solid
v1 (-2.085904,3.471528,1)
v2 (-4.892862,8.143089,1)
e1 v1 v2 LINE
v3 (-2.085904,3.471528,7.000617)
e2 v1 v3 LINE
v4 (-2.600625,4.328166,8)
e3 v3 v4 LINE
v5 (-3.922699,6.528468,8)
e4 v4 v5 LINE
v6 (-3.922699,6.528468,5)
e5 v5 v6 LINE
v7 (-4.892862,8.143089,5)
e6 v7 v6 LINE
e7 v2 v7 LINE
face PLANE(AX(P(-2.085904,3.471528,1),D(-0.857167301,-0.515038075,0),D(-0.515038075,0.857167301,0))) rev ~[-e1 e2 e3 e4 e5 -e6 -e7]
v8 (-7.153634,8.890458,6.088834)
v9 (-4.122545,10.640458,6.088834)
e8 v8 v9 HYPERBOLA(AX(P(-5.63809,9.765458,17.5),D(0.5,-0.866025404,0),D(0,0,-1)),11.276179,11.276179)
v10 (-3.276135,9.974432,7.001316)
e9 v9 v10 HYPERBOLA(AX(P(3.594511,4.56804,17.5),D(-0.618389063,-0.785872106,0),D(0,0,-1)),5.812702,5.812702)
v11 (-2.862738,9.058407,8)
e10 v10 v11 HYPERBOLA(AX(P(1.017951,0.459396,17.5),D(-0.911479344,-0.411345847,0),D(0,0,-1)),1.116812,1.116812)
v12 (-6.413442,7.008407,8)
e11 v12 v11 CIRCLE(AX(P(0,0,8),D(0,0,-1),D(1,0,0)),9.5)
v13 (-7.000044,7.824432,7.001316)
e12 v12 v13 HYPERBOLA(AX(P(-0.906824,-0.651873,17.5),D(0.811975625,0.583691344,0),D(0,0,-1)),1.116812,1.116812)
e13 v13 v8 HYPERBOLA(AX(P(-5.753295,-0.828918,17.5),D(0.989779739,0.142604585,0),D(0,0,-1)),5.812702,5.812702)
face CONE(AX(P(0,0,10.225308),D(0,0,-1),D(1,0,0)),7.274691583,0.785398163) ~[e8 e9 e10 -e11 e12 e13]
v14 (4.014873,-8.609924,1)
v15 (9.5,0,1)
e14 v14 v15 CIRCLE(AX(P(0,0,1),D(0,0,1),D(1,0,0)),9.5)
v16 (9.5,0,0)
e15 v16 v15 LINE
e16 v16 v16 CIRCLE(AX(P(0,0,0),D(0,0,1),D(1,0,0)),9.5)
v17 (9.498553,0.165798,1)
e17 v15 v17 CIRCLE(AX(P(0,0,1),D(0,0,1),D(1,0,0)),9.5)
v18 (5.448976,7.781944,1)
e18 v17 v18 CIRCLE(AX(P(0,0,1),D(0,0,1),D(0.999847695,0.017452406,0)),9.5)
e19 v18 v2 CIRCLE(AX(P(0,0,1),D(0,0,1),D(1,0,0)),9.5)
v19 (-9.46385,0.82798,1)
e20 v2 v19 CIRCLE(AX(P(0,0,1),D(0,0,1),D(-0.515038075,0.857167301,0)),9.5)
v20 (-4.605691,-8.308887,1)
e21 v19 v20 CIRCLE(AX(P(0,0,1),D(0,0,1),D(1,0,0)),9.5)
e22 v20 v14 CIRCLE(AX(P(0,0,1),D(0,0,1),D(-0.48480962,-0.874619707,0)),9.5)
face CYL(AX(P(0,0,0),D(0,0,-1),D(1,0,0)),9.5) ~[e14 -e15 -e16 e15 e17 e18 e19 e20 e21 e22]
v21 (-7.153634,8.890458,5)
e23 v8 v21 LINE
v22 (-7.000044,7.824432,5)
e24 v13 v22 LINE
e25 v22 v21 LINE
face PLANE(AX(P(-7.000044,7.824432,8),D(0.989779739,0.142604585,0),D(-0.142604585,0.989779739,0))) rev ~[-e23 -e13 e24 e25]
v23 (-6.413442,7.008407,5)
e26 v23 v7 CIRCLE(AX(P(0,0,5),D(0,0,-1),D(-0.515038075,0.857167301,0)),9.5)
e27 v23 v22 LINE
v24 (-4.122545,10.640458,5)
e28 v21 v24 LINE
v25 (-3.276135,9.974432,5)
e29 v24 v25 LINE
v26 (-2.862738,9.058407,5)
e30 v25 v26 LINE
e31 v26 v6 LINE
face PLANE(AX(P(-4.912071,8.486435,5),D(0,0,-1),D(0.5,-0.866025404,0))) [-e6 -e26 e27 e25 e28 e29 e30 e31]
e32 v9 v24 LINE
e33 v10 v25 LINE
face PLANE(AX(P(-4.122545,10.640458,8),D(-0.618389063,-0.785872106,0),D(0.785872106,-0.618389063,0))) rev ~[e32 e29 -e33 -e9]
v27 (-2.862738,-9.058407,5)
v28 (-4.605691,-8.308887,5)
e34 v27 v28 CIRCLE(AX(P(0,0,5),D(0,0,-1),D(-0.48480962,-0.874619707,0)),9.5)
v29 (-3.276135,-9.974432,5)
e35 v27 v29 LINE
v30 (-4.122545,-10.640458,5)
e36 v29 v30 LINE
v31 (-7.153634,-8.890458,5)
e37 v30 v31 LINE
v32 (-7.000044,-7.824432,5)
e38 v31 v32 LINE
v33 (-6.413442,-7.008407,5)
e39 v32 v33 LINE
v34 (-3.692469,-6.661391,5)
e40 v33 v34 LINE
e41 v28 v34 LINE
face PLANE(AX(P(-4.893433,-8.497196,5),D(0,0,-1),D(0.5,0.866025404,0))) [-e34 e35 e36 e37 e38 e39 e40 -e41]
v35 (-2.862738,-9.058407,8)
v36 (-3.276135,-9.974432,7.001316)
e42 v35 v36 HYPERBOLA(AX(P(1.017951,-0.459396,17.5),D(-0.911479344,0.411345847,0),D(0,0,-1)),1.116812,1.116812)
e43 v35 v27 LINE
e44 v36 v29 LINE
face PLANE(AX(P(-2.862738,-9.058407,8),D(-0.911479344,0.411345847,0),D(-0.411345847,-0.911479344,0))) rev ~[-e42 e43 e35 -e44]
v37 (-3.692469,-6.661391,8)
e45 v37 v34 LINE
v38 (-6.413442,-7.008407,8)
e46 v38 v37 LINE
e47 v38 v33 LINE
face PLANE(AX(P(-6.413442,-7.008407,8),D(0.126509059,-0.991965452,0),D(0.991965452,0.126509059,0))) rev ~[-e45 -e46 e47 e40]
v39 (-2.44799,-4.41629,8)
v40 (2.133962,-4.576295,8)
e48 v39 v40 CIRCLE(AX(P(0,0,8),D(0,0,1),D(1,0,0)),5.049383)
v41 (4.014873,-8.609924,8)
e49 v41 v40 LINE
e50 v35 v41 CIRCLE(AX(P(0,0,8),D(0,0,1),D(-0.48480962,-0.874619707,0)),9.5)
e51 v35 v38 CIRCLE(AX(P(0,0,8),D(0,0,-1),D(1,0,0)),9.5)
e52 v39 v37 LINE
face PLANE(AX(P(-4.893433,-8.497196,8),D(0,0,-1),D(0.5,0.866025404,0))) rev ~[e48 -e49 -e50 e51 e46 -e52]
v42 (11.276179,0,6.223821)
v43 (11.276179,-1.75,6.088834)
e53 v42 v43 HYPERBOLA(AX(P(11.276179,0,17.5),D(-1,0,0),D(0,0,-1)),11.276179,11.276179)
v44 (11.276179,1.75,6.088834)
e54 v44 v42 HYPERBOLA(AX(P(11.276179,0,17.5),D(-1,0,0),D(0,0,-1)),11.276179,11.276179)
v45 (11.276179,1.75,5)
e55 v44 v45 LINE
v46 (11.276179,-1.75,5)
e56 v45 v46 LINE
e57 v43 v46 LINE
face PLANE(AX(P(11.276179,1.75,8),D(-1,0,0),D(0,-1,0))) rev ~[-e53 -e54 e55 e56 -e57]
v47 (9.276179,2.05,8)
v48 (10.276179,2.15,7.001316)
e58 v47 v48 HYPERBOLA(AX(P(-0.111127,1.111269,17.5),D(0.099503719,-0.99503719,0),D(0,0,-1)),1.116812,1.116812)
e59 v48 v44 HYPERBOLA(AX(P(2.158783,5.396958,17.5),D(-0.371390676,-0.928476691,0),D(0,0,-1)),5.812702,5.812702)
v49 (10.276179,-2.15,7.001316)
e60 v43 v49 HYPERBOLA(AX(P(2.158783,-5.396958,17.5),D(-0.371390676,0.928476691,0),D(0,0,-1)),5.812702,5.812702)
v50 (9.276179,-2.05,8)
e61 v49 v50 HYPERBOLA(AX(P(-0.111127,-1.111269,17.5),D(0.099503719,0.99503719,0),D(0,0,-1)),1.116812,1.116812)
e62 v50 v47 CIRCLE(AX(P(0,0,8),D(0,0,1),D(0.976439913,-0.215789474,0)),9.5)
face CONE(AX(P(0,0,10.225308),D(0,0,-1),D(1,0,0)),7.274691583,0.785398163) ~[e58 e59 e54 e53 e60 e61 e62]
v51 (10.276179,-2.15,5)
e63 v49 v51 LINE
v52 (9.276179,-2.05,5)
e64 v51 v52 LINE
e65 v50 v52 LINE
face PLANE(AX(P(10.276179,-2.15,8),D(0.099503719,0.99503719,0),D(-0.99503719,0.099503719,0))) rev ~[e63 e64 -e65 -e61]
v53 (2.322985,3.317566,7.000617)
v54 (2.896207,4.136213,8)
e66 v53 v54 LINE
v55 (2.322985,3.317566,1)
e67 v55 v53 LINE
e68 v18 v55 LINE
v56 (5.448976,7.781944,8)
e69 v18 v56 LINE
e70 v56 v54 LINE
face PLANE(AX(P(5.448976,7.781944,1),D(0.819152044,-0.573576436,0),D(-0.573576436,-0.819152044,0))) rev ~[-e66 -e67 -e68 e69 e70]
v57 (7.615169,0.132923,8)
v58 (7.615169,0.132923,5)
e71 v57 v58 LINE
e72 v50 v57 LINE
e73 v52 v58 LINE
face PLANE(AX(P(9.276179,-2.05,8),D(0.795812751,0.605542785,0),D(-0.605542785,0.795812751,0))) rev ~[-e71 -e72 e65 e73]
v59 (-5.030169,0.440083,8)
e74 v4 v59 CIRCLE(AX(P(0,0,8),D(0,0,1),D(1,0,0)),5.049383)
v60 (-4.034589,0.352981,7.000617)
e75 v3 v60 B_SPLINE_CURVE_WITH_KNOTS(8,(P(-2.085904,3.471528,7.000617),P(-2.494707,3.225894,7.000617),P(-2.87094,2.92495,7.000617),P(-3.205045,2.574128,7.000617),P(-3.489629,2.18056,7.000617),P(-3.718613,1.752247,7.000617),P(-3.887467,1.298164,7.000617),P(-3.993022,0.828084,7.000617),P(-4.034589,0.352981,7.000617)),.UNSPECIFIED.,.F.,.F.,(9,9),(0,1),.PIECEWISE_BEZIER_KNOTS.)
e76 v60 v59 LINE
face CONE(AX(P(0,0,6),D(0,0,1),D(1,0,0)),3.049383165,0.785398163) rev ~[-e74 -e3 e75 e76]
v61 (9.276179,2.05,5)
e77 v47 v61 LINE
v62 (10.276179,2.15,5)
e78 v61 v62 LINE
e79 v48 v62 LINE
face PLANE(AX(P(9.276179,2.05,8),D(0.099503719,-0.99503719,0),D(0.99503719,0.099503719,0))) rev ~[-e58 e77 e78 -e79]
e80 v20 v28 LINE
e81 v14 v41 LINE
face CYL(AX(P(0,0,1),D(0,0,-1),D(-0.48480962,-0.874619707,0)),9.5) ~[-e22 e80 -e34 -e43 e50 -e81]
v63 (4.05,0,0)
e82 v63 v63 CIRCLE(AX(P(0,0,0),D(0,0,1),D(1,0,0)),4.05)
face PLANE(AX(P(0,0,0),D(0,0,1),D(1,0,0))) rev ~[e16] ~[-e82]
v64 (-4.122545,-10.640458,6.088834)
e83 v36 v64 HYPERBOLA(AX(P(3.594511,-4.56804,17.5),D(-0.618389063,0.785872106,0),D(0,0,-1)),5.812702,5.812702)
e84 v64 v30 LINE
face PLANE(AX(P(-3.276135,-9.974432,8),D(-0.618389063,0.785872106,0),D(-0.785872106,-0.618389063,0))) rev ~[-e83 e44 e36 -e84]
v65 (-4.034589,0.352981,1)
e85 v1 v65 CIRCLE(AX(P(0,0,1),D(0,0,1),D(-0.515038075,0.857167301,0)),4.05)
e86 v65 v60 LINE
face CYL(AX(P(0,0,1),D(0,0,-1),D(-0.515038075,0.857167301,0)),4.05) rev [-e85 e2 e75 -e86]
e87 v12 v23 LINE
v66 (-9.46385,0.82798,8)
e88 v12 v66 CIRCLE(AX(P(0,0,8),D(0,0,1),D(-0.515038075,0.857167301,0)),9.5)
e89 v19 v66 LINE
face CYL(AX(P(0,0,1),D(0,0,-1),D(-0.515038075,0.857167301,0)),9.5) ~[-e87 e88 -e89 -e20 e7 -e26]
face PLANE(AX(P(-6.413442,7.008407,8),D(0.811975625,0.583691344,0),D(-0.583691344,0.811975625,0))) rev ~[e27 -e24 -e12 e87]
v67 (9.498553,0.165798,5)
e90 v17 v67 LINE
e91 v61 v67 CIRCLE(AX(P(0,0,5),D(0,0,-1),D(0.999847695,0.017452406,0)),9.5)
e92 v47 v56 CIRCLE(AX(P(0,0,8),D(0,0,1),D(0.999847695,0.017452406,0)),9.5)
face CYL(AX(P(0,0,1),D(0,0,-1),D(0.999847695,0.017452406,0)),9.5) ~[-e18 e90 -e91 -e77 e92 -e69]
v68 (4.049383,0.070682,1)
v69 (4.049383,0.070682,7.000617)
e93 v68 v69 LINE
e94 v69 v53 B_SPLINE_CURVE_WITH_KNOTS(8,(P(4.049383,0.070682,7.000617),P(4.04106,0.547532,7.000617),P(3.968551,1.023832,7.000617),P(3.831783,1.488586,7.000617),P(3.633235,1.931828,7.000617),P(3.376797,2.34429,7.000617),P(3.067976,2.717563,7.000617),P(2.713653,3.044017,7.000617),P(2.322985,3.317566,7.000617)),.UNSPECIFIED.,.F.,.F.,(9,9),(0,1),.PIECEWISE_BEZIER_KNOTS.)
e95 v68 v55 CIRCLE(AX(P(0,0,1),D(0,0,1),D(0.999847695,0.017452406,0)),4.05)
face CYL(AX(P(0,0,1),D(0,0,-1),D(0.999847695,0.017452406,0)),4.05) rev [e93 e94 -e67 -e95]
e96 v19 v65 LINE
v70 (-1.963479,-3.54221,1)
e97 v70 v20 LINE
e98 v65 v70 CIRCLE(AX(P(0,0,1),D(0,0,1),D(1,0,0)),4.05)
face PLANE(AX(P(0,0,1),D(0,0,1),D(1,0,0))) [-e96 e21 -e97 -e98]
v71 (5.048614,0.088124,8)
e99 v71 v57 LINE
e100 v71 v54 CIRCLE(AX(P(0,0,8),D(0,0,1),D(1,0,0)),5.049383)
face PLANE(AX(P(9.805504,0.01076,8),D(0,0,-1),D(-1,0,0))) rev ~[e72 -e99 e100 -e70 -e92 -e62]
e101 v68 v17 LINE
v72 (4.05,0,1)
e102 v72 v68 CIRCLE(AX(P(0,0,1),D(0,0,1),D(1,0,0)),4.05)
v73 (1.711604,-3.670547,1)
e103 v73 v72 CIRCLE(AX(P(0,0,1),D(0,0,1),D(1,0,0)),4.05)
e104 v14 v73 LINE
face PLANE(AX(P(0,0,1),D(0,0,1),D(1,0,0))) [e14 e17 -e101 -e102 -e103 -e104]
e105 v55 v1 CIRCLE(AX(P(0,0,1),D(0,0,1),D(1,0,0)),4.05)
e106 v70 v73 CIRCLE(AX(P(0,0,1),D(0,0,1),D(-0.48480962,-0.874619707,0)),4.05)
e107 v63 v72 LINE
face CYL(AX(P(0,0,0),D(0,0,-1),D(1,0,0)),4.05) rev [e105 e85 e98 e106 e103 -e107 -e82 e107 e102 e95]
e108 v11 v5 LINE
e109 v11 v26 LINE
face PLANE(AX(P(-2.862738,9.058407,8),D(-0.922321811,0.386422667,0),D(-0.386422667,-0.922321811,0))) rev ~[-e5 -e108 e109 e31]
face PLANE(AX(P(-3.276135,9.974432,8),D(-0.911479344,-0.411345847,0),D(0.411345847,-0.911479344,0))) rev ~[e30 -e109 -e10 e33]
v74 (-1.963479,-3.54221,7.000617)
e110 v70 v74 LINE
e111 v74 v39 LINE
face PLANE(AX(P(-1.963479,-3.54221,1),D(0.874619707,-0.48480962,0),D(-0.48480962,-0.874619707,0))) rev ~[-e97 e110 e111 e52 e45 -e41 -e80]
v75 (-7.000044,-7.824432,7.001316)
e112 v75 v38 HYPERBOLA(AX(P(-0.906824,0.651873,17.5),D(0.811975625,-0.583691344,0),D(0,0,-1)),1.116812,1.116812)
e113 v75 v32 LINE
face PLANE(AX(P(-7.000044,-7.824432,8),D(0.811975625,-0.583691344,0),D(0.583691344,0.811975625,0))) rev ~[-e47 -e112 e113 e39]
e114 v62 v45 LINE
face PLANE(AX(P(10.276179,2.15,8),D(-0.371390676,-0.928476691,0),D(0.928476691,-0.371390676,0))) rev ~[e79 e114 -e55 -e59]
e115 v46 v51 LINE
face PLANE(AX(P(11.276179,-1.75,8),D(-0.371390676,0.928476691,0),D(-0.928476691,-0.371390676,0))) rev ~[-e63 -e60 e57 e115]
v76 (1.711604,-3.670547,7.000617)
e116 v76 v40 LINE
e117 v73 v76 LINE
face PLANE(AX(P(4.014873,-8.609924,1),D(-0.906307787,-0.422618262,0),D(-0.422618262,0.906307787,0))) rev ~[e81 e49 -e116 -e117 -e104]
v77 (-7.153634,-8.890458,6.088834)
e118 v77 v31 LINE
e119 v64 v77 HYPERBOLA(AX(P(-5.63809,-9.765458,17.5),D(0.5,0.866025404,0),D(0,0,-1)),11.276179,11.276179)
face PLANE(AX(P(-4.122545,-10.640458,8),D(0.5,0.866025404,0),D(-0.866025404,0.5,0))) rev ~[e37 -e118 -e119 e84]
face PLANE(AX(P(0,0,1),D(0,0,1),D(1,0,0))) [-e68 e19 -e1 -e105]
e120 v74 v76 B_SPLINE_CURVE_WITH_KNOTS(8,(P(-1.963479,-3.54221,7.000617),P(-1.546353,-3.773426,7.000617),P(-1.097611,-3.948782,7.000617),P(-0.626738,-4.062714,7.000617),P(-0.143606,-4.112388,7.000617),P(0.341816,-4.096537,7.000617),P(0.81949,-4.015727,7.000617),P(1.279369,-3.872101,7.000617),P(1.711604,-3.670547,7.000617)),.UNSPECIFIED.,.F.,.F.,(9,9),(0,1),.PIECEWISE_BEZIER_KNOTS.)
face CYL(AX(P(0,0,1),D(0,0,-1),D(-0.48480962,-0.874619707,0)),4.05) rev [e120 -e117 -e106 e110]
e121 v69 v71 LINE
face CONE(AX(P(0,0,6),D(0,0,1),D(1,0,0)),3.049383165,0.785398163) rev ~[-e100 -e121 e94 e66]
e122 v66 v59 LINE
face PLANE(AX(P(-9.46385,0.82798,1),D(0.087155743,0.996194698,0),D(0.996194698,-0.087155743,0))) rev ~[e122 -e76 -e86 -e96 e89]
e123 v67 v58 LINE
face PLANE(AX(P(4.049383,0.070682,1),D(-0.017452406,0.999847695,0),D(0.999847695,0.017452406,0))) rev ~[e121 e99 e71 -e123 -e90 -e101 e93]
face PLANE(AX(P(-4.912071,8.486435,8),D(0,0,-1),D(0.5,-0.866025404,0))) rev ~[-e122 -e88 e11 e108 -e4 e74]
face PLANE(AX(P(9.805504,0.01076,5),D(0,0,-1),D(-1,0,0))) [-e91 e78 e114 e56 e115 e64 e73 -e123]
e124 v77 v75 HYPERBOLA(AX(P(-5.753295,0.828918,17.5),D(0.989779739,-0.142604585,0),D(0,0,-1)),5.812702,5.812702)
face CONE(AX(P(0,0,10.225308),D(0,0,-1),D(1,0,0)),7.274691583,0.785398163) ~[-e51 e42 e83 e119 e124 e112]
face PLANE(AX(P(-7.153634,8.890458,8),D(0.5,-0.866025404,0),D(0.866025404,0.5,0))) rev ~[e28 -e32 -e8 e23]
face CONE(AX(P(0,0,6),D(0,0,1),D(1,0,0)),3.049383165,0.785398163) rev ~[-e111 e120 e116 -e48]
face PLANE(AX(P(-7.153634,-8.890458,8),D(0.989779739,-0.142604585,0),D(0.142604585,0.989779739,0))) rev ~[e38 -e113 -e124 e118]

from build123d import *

# Parameters (mm, degrees)
SKETCH002_R        = 9.5
SKETCH002_R_2      = 4.05
PAD_DEPTH          = 1
PAD001_DEPTH       = 7
PAD002_DEPTH       = 3
POLARPATTERN_COUNT = 3


with BuildPart() as part:
    # Sketch002 → Pad (new body)
    with BuildSketch(Plane.XY):
        Circle(SKETCH002_R)
        Circle(SKETCH002_R_2, mode=Mode.SUBTRACT)
    extrude(amount=PAD_DEPTH)

    # Sketch003 (on Face4 of Pad) → Pad001 (join)
    with BuildSketch(Plane.XY.offset(1)):
        with BuildLine():
            ThreePointArc((4.0493831654, 0.0706822461), (3.5759377511, 1.9013598293), (2.3229845672, 3.3175657794))
            Line((5.4489761453, 7.7819444208), (2.3229845672, 3.3175657794))
            ThreePointArc((9.498553104, 0.1657978612), (8.3880021321, 4.4599798465), (5.4489761453, 7.7819444208))
            Line((4.0493831654, 0.0706822461), (9.498553104, 0.1657978612))
        make_face()
    pad001 = extrude(amount=PAD001_DEPTH)

    # Sketch004 (on Face8 of Pad001) → Pad002 (join)
    with BuildSketch(Plane.XY.offset(8)):
        Polygon((9.2761791703, 2.05), (10.2761791703, 2.15), (11.2761791703, 1.75), (11.2761791703, -1.75), (10.2761791703, -2.15), (9.2761791703, -2.05), (7.6151685504, 0.1329232615), align=None)
    pad002 = extrude(amount=-PAD002_DEPTH)

    # PolarPattern: Pad001, Pad002 ×3 about axis
    polarpattern_axis = Axis((0, 0, 1), (0, 0, 1))
    for i in range(1, POLARPATTERN_COUNT):
        add(pad001.rotate(polarpattern_axis, i * 360 / POLARPATTERN_COUNT))
        add(pad002.rotate(polarpattern_axis, i * 360 / POLARPATTERN_COUNT))

    # Sketch005 → Groove (revolve, cut)
    with BuildSketch(Plane.XZ):
        Polygon((3.0493831654, 11.2253084173), (3.0493831654, 6), (7.2746915827, 10.2253084173), (12.2761791703, 5.2238208297), (12.2761791703, 11.2253084173), align=None)
    revolve(axis=Axis((0, 0, 0), (0, 0, 1)), mode=Mode.SUBTRACT)


solid = part.part
